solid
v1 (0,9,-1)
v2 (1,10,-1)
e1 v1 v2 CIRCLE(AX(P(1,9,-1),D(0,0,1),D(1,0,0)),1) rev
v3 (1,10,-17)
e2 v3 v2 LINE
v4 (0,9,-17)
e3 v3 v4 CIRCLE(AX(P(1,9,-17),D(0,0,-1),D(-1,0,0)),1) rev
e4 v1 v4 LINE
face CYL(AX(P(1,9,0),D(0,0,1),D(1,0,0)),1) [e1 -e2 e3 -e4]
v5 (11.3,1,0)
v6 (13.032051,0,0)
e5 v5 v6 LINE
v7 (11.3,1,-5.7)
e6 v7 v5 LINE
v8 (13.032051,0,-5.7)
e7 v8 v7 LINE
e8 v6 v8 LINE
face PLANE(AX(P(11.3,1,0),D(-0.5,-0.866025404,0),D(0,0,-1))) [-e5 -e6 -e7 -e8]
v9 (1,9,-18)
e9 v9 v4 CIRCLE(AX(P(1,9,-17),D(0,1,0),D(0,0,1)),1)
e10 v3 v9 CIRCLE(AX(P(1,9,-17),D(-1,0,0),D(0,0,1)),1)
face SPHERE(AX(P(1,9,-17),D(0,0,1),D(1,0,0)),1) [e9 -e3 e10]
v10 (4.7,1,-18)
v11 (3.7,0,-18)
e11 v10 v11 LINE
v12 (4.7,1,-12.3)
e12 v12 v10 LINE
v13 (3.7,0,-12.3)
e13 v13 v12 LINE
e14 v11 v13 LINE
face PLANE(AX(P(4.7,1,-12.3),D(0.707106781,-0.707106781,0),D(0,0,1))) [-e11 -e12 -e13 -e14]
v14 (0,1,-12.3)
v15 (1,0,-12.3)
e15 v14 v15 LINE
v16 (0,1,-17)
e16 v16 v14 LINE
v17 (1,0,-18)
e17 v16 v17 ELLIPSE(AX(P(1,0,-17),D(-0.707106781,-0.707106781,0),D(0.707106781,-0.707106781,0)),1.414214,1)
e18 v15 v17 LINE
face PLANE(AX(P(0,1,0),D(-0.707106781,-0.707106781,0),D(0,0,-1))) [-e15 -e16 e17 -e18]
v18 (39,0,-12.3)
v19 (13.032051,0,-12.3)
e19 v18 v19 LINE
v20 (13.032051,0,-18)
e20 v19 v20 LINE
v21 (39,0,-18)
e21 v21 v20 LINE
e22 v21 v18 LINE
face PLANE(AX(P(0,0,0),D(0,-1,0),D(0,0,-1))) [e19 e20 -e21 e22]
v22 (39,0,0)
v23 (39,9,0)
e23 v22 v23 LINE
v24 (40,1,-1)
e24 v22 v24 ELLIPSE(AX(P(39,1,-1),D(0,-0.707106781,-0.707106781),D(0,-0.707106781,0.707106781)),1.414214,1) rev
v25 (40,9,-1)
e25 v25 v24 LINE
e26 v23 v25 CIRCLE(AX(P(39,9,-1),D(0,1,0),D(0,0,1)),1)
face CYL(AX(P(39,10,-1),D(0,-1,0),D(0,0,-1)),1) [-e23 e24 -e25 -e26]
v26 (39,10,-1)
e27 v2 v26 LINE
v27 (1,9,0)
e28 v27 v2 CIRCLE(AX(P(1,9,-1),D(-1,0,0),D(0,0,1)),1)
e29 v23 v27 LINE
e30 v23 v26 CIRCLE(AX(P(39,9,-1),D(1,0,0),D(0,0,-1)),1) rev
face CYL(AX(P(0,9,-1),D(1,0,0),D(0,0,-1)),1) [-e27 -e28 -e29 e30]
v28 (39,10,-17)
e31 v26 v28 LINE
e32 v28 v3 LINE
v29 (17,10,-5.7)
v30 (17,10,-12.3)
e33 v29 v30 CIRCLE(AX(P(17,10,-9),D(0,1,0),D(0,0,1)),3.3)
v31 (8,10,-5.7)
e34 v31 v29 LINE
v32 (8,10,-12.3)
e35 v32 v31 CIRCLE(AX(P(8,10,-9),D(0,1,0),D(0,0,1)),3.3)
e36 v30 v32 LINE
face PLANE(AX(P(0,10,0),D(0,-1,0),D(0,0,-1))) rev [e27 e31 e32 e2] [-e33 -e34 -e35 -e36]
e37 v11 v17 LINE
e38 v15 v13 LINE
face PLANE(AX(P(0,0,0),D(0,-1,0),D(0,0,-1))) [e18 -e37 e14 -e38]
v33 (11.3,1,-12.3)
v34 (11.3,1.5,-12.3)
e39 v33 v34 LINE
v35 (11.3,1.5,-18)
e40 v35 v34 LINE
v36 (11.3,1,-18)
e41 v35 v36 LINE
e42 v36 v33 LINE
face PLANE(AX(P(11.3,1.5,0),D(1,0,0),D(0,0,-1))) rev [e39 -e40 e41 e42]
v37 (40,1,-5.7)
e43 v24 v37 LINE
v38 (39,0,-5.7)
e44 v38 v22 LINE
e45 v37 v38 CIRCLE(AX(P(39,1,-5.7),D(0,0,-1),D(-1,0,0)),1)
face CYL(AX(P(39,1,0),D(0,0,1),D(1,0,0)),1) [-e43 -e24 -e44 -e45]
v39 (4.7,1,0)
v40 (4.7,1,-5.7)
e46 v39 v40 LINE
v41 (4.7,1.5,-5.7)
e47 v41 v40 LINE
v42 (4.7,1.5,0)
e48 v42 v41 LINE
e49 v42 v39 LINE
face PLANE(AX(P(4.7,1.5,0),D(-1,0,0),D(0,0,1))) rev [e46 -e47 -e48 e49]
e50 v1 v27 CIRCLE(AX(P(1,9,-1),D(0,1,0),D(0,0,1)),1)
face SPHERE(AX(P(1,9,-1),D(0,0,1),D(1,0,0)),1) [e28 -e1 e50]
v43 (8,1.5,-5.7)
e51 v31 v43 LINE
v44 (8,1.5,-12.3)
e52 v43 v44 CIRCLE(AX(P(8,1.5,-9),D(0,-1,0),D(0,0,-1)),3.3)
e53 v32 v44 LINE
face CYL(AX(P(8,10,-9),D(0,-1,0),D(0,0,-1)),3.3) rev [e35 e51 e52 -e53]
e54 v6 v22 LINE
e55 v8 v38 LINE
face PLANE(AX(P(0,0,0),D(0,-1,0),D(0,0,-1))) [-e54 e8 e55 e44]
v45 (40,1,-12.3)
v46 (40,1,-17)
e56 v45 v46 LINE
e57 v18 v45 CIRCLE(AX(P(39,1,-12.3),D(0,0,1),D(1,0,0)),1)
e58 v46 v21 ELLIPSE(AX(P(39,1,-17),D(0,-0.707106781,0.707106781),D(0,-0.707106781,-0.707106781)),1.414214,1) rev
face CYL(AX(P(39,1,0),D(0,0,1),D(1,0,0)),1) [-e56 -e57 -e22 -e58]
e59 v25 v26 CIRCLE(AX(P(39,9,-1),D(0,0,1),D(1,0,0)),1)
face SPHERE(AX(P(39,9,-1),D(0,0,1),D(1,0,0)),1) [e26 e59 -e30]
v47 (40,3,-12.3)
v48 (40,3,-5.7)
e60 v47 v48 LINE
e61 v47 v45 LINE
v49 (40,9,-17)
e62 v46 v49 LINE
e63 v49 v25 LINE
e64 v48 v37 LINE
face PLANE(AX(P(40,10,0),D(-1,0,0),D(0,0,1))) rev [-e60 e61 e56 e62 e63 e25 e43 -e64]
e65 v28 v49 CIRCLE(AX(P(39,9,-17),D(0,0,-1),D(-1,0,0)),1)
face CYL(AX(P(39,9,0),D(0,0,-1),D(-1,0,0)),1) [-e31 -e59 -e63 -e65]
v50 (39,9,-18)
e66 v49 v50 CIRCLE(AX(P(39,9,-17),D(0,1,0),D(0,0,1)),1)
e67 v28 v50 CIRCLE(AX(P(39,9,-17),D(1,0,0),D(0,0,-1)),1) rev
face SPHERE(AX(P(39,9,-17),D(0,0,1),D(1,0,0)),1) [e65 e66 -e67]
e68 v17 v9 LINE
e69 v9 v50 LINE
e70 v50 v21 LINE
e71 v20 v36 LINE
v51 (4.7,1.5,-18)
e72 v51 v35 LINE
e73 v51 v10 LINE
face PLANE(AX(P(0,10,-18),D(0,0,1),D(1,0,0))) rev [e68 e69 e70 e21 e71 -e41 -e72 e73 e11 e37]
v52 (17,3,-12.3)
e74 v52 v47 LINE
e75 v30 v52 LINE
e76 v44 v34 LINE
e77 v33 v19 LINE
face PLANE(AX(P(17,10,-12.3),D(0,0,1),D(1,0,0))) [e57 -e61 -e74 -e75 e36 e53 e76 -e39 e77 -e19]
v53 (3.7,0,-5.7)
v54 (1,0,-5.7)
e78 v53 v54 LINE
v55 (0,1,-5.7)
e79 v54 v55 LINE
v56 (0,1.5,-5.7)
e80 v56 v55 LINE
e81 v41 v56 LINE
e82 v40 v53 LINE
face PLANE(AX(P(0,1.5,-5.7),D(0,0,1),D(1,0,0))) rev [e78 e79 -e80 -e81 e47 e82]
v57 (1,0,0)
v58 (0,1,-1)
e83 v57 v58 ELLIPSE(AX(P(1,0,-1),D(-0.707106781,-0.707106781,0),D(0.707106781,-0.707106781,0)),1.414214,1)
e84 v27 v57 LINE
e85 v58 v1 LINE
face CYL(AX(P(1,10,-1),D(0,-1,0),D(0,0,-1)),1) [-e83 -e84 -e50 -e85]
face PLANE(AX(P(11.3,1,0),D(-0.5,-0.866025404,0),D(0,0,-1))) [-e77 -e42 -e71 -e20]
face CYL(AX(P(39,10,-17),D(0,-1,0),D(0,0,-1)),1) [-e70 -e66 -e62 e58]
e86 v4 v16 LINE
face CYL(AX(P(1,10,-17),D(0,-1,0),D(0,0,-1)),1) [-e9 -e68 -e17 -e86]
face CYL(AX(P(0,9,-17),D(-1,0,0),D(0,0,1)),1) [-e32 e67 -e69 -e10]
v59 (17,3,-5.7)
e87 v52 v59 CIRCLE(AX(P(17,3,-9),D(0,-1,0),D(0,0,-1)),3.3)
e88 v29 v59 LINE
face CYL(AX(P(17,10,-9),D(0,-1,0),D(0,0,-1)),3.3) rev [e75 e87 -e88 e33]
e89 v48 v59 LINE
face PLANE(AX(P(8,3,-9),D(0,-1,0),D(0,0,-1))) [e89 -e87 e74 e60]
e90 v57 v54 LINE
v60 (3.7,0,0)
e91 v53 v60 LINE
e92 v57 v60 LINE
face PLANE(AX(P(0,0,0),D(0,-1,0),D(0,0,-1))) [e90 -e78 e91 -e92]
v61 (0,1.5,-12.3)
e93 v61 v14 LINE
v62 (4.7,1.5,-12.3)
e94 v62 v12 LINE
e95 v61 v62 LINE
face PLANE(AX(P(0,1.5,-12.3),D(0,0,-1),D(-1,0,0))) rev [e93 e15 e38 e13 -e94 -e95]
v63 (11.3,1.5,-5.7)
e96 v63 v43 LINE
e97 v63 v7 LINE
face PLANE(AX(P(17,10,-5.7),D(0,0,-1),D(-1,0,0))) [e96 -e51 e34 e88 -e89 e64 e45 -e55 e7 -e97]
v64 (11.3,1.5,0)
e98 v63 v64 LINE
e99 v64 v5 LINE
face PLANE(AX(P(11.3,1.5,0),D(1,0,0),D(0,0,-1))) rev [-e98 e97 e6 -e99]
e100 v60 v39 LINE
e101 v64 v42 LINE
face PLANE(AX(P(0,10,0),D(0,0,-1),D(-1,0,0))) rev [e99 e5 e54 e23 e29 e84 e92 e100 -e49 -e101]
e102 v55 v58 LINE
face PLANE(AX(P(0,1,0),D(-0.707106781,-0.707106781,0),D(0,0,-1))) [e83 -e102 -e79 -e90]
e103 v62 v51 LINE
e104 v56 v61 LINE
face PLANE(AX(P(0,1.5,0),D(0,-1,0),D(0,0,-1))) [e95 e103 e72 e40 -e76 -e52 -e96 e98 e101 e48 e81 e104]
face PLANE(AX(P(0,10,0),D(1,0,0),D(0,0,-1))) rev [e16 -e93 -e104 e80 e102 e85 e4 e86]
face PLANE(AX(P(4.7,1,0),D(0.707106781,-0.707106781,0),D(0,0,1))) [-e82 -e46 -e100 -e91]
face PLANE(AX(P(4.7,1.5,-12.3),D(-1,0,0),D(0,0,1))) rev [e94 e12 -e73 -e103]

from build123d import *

# Parameters (mm, degrees)
SKETCH_1_W             = 40
SKETCH_1_H             = 18
EXTRUDE_1_DEPTH        = 10
CUT_EXTRUDE_1_DEPTH    = 3
CUT_EXTRUDE_2_DEPTH    = 1.5
CHAMFER_1_SIZE         = 1
CHAMFER_2_SIZE         = 1
CHAMFER_2_SIZE2        = 1.732050808
CHAMFER_2_PART_2_SIZE  = 1
CHAMFER_2_PART_2_SIZE2 = 1.732050808
FILLET_1_R             = 1


with BuildPart() as part:
    # 草图1 → 凸台-拉伸1 (new body)
    with BuildSketch(Plane(origin=(0, 0, 0), x_dir=(1, 0, 0), z_dir=(0, 1, 0))):
        with Locations((20, 9)):
            Rectangle(SKETCH_1_W, SKETCH_1_H)
        with BuildLine():
            Line((17, 5.7), (8, 5.7))
            ThreePointArc((8, 5.7), (4.7, 9), (8, 12.3))
            Line((8, 12.3), (17, 12.3))
            ThreePointArc((17, 12.3), (20.3, 9), (17, 5.7))
        make_face(mode=Mode.SUBTRACT)
    extrude(amount=EXTRUDE_1_DEPTH)

    # 草图2 → 切除-拉伸1 (cut)
    with BuildSketch(Plane.XZ):
        with BuildLine():
            Line((40, -5.7), (40, -12.3))
            Line((40, -12.3), (8, -12.3))
            ThreePointArc((8, -12.3), (4.7, -9), (8, -5.7))
            Line((8, -5.7), (40, -5.7))
        make_face()
    extrude(amount=-CUT_EXTRUDE_1_DEPTH, mode=Mode.SUBTRACT)

    # 草图3 → 切除-拉伸2 (cut)
    with BuildSketch(Plane.XZ):
        Polygon((0, -5.7), (4.7, -5.7), (4.7, 0), (11.3, 0), (11.3, -18), (4.7, -18), (4.7, -12.3), (0, -12.3), align=None)
    extrude(amount=-CUT_EXTRUDE_2_DEPTH, mode=Mode.SUBTRACT)

    # 倒角1
    chamfer_1_edges = [part.edges().sort_by_distance(p)[0] for p in [
        (0, 0, -15.15),
        (0, 0, -2.85),
        (4.7, 0, -2.85),
        (4.7, 0, -15.15),
    ]]
    chamfer(chamfer_1_edges, length=CHAMFER_1_SIZE)

    # 倒角2
    chamfer_2_edges = [part.edges().sort_by_distance(p)[0] for p in [
        (11.3, 0, -2.85),
    ]]
    chamfer_2_side = [part.faces().sort_by_distance(p)[0] for p in [
        (11.3, 0.75, -2.85),
    ]]
    chamfer(chamfer_2_edges, length=CHAMFER_2_SIZE, length2=CHAMFER_2_SIZE2, reference=chamfer_2_side[0])

    # 倒角2 part 2
    chamfer_2_part_2_edges = [part.edges().sort_by_distance(p)[0] for p in [
        (11.3, 0, -15.15),
    ]]
    chamfer_2_part_2_side = [part.faces().sort_by_distance(p)[0] for p in [
        (11.3, 0.75, -15.15),
    ]]
    chamfer(chamfer_2_part_2_edges, length=CHAMFER_2_PART_2_SIZE, length2=CHAMFER_2_PART_2_SIZE2, reference=chamfer_2_part_2_side[0])

    # 圆角1
    fillet_1_edges = [part.edges().sort_by_distance(p)[0] for p in [
        (20, 10, -18),
        (40, 10, -9),
        (20, 10, 0),
        (0, 10, -9),
        (40, 5, 0),
        (40, 5, -18),
        (0, 5.5, -18),
        (0, 5.5, 0),
        (40, 0, -15.15),
        (40, 0, -2.85),
    ]]
    fillet(fillet_1_edges, radius=FILLET_1_R)


solid = part.part
